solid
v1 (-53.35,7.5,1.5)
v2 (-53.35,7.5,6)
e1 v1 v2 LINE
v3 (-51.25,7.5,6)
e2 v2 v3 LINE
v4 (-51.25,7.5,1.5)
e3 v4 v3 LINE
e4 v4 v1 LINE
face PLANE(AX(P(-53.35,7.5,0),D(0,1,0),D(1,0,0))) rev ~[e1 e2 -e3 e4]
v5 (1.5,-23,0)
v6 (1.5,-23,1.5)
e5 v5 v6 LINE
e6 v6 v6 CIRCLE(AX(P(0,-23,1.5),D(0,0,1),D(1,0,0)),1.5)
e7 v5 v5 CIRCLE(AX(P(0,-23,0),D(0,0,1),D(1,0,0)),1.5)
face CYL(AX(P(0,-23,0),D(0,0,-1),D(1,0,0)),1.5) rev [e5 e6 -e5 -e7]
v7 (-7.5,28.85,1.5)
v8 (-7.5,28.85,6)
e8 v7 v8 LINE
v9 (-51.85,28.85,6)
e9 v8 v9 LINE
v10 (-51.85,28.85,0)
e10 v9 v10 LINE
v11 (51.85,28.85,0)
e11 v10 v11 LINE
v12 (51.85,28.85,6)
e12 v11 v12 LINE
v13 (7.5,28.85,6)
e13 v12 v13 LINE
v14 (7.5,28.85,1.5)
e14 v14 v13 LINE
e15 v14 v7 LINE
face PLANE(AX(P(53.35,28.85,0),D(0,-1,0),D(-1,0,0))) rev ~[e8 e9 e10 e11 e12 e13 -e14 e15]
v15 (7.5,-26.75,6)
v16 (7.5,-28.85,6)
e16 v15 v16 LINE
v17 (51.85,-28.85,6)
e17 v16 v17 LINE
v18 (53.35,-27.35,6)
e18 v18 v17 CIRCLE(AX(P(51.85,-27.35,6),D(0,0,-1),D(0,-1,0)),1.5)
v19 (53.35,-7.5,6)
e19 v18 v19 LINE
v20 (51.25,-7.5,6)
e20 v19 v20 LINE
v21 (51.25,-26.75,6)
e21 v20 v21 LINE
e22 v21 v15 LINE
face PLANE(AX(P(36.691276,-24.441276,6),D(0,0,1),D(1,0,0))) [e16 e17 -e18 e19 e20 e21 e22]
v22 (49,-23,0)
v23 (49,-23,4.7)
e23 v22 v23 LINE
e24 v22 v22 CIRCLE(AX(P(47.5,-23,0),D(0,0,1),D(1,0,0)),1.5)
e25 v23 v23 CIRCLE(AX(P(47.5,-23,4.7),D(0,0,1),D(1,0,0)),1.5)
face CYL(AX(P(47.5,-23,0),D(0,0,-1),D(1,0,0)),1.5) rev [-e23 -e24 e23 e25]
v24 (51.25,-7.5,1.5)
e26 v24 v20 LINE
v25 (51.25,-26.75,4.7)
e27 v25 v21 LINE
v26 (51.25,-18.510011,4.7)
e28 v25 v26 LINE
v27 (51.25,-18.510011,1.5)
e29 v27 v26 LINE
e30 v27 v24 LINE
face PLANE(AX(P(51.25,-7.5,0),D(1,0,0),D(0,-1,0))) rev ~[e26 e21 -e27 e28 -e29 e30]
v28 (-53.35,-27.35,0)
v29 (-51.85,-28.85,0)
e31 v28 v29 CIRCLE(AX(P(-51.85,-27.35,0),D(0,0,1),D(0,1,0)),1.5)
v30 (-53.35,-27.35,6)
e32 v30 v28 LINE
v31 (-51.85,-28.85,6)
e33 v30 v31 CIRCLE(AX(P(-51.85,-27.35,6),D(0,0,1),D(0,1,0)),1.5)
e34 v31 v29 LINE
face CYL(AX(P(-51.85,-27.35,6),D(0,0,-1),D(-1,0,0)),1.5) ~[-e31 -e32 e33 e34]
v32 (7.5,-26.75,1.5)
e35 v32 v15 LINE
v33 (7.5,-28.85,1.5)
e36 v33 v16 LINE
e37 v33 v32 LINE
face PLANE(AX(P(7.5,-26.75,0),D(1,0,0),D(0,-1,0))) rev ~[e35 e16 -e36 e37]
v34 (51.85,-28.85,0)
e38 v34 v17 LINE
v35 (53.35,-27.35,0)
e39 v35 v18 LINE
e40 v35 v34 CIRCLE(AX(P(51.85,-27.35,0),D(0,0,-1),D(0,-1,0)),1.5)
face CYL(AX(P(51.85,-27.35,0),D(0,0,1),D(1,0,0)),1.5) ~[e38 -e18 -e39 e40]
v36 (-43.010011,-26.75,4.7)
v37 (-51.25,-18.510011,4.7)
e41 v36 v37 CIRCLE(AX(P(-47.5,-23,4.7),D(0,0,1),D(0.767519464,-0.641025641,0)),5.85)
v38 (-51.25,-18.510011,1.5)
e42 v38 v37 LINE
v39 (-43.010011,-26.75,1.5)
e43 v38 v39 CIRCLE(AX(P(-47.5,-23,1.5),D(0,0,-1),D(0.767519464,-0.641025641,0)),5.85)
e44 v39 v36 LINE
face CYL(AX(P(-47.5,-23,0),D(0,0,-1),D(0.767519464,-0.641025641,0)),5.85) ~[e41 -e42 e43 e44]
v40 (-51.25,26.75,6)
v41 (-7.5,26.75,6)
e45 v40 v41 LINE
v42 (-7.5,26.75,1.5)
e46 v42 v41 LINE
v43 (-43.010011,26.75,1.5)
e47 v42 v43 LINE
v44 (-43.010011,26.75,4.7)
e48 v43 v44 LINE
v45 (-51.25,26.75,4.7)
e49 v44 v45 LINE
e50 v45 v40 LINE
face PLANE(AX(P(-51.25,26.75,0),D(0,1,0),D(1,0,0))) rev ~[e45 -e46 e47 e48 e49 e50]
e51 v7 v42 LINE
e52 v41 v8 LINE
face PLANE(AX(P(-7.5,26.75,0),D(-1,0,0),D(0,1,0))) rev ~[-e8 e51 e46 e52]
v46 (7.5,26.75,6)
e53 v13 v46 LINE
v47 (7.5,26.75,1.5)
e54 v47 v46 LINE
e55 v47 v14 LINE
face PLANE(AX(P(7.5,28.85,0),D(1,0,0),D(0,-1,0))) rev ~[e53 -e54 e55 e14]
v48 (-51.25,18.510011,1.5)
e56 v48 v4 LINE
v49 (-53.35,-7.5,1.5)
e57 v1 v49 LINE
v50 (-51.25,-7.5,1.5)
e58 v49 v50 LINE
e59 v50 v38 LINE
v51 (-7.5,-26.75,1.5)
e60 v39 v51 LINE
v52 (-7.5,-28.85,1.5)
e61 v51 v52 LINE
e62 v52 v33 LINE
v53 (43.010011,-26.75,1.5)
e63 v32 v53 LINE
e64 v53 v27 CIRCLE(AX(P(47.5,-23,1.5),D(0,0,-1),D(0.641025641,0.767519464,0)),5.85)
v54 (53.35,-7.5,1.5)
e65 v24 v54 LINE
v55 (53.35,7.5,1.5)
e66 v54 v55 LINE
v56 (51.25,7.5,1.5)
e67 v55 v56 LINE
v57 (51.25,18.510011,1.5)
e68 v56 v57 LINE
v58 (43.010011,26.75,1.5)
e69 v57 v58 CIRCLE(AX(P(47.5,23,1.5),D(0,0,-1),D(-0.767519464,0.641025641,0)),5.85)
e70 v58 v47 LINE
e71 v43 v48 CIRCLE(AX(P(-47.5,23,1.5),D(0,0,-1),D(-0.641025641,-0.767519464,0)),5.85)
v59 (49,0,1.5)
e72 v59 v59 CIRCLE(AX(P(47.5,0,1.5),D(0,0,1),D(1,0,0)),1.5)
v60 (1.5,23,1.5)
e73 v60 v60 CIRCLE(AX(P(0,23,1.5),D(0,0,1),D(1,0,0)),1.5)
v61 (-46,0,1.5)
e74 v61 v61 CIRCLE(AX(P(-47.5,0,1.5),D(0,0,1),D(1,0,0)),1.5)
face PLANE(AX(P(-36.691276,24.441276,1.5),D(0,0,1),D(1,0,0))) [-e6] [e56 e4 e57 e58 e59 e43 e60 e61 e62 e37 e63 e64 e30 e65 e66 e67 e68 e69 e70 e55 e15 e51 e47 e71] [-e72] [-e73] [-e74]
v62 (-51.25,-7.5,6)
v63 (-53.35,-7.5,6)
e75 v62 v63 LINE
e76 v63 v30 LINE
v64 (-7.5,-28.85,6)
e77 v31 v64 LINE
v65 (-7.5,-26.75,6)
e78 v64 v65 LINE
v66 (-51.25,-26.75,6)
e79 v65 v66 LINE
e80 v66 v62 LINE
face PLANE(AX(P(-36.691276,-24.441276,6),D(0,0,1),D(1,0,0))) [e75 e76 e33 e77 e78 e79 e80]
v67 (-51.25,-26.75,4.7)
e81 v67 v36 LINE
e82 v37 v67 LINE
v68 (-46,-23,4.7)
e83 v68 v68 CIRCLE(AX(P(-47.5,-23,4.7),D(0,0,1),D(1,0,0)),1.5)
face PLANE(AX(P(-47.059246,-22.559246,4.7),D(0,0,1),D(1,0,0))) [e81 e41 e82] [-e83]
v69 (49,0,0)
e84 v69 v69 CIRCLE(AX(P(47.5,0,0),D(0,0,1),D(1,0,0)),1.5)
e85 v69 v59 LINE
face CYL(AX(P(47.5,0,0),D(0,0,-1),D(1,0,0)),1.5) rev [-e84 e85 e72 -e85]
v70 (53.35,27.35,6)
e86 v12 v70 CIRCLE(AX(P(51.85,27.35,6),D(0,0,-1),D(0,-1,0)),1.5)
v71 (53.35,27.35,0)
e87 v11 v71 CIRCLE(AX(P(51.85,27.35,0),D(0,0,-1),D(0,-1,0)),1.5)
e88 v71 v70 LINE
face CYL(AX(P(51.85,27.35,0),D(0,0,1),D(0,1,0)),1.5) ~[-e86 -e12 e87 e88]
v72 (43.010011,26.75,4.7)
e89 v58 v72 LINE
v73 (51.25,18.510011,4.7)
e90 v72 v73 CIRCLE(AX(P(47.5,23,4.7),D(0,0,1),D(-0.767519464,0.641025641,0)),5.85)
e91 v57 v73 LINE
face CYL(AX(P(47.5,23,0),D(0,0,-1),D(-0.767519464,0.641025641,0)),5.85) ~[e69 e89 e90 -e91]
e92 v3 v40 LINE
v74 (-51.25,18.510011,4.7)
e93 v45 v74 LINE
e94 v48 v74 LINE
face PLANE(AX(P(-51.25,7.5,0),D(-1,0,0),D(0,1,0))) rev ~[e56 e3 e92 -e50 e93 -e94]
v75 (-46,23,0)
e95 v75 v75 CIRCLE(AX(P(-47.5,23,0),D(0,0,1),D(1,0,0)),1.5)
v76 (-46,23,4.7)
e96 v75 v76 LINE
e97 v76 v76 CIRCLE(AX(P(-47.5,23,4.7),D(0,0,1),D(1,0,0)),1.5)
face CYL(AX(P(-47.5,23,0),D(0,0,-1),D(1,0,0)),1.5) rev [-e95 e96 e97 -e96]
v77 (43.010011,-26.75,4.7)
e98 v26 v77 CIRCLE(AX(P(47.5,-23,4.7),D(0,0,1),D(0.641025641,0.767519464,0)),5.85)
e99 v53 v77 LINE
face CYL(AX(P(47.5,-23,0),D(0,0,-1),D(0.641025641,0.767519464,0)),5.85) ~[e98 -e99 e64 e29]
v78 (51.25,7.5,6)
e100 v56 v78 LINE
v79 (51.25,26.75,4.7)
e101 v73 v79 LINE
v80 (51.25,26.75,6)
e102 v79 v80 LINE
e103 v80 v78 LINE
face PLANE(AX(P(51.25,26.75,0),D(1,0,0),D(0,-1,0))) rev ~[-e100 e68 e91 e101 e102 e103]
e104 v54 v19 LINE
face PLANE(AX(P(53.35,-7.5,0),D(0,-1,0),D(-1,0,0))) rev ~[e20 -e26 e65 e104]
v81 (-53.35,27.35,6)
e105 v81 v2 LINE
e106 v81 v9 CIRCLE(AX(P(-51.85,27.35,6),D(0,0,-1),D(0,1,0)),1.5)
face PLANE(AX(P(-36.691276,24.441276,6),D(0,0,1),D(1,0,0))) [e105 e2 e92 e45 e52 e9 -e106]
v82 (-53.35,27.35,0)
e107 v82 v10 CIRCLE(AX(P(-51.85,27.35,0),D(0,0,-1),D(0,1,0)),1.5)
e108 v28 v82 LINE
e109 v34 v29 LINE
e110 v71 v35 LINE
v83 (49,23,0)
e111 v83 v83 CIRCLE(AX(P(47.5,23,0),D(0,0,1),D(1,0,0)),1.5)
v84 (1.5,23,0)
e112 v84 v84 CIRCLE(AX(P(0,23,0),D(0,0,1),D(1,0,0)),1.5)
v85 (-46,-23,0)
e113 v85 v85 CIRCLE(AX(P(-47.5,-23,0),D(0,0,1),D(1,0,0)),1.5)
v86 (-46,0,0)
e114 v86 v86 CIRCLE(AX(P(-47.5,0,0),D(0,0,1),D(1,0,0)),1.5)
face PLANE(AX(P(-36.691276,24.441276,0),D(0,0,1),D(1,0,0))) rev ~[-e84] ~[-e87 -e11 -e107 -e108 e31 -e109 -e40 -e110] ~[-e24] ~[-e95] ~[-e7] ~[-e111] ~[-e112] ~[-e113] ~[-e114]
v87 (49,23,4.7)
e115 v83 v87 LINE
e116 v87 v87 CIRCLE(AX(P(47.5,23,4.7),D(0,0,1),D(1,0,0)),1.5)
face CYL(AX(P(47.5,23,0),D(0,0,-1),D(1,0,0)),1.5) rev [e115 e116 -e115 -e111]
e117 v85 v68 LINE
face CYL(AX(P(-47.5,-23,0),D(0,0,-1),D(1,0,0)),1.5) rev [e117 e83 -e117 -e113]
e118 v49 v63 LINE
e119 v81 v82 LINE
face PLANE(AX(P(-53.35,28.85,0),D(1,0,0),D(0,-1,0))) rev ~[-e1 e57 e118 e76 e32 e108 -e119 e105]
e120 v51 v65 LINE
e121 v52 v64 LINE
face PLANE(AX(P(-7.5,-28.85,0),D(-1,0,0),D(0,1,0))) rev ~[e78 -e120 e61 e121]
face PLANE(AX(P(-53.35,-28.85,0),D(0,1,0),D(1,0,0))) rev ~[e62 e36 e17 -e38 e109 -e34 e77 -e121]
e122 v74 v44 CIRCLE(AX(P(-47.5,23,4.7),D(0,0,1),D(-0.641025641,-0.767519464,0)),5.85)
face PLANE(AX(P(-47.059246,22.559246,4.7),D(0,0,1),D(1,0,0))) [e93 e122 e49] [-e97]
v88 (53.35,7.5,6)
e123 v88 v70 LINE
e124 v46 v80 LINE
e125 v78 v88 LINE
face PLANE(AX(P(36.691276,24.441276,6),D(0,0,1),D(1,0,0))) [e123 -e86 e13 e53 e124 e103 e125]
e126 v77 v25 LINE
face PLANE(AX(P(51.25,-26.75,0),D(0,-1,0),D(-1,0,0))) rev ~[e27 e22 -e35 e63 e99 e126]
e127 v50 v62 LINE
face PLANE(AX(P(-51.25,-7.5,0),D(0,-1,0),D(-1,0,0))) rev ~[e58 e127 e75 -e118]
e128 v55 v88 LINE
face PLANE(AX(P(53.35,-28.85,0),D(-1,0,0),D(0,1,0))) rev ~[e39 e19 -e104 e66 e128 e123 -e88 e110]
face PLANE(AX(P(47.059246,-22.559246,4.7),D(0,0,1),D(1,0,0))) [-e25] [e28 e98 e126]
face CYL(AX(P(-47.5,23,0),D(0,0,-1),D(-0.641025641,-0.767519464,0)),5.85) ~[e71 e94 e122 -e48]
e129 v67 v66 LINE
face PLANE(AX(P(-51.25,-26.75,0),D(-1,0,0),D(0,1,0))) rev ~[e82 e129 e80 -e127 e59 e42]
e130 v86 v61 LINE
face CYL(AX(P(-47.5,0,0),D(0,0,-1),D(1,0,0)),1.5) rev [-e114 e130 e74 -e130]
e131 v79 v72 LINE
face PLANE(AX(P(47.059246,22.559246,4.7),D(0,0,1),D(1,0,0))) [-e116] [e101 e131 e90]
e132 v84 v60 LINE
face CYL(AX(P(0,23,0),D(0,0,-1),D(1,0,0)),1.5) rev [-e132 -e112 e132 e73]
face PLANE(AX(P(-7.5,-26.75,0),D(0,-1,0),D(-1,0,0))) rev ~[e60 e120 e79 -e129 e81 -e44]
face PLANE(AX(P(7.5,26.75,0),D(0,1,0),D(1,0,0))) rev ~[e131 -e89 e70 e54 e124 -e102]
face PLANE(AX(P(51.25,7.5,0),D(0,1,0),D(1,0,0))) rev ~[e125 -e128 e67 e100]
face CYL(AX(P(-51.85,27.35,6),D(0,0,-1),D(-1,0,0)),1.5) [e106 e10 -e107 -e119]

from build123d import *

# Parameters (mm, degrees)
F2_W     = 2.1
F2_H     = 15
F2_W_2   = 15
F2_H_2   = 2.1
F2_R     = 1.5
F2_W_3   = 43.75
F2_H_3   = 19.25
F3_DEPTH = 1.5
F4_DEPTH = 4.7
F5_DEPTH = 6
F6_R     = 1.5


with BuildPart() as f3:
    # F2 (on Top) → F3 (new body)
    with BuildSketch(Plane.XY):
        Polygon((-51.25, 18.5100111359), (-51.25, 26.75), (-43.0100111359, 26.75), (-7.5, 26.75), (-7.5, 28.85), (-53.35, 28.85), (-53.35, 7.5), (-51.25, 7.5), align=None)
        with Locations((-52.3, 0)):
            Rectangle(F2_W, F2_H)
        with Locations((52.3, 0)):
            Rectangle(F2_W, F2_H)
        Polygon((7.5, 28.85), (7.5, 26.75), (43.0100111359, 26.75), (51.25, 26.75), (51.25, 18.5100111359), (51.25, 7.5), (53.35, 7.5), (53.35, 28.85), align=None)
        Polygon((-51.25, -18.5100111359), (-51.25, -7.5), (-53.35, -7.5), (-53.35, -28.85), (-7.5, -28.85), (-7.5, -26.75), (-43.0100111359, -26.75), (-51.25, -26.75), align=None)
        with Locations((0, -27.8)):
            Rectangle(F2_W_2, F2_H_2)
        with Locations((0, 27.8)):
            Rectangle(F2_W_2, F2_H_2)
        Polygon((53.35, -7.5), (51.25, -7.5), (51.25, -18.5100111359), (51.25, -26.75), (43.0100111359, -26.75), (7.5, -26.75), (7.5, -28.85), (53.35, -28.85), align=None)
        with BuildLine():
            Line((-7.5, -7.5), (-51.25, -7.5))
            Line((-51.25, -7.5), (-51.25, -18.5100111359))
            ThreePointArc((-51.25, -18.5100111359), (-43.3634253301, -18.8634253301), (-43.0100111359, -26.75))
            Line((-43.0100111359, -26.75), (-7.5, -26.75))
            Line((-7.5, -26.75), (-7.5, -7.5))
        make_face()
        with BuildLine():
            Line((-43.0100111359, 26.75), (-51.25, 26.75))
            Line((-51.25, 26.75), (-51.25, 18.5100111359))
            ThreePointArc((-51.25, 18.5100111359), (-43.3634253301, 18.8634253301), (-43.0100111359, 26.75))
        make_face()
        with Locations((-47.5, 23)):
            Circle(F2_R, mode=Mode.SUBTRACT)
        with BuildLine():
            Line((51.25, 26.75), (43.0100111359, 26.75))
            ThreePointArc((43.0100111359, 26.75), (43.3634253301, 18.8634253301), (51.25, 18.5100111359))
            Line((51.25, 18.5100111359), (51.25, 26.75))
        make_face()
        with Locations((47.5, 23)):
            Circle(F2_R, mode=Mode.SUBTRACT)
        with BuildLine():
            Line((51.25, -26.75), (51.25, -18.5100111359))
            ThreePointArc((51.25, -18.5100111359), (43.3634253301, -18.8634253301), (43.0100111359, -26.75))
            Line((43.0100111359, -26.75), (51.25, -26.75))
        make_face()
        with Locations((47.5, -23)):
            Circle(F2_R, mode=Mode.SUBTRACT)
        with BuildLine():
            ThreePointArc((-43.0100111359, -26.75), (-43.3634253301, -18.8634253301), (-51.25, -18.5100111359))
            Line((-51.25, -18.5100111359), (-51.25, -26.75))
            Line((-51.25, -26.75), (-43.0100111359, -26.75))
        make_face()
        with Locations((-47.5, -23)):
            Circle(F2_R, mode=Mode.SUBTRACT)
        with Locations((-29.375, 0)):
            Rectangle(F2_W_3, F2_H)
        with Locations((-47.5, 0)):
            Circle(F2_R, mode=Mode.SUBTRACT)
        with BuildLine():
            Line((-7.5, 26.75), (-43.0100111359, 26.75))
            ThreePointArc((-43.0100111359, 26.75), (-43.3634253301, 18.8634253301), (-51.25, 18.5100111359))
            Line((-51.25, 18.5100111359), (-51.25, 7.5))
            Line((-51.25, 7.5), (-7.5, 7.5))
            Line((-7.5, 7.5), (-7.5, 26.75))
        make_face()
        with Locations((0, 17.125)):
            Rectangle(F2_W_2, F2_H_3)
        with Locations((0, 23)):
            Circle(F2_R, mode=Mode.SUBTRACT)
        with BuildLine():
            Line((43.0100111359, 26.75), (7.5, 26.75))
            Line((7.5, 26.75), (7.5, 7.5))
            Line((7.5, 7.5), (51.25, 7.5))
            Line((51.25, 7.5), (51.25, 18.5100111359))
            ThreePointArc((51.25, 18.5100111359), (43.3634253301, 18.8634253301), (43.0100111359, 26.75))
        make_face()
        with Locations((29.375, 0)):
            Rectangle(F2_W_3, F2_H)
        with Locations((47.5, 0)):
            Circle(F2_R, mode=Mode.SUBTRACT)
        with BuildLine():
            Line((51.25, -7.5), (7.5, -7.5))
            Line((7.5, -7.5), (7.5, -26.75))
            Line((7.5, -26.75), (43.0100111359, -26.75))
            ThreePointArc((43.0100111359, -26.75), (43.3634253301, -18.8634253301), (51.25, -18.5100111359))
            Line((51.25, -18.5100111359), (51.25, -7.5))
        make_face()
        with Locations((0, -17.125)):
            Rectangle(F2_W_2, F2_H_3)
        with Locations((0, -23)):
            Circle(F2_R, mode=Mode.SUBTRACT)
        Rectangle(F2_W_2, F2_H)
    extrude(amount=F3_DEPTH)

    # F2 (on Top) → F4 (join)
    with BuildSketch(Plane.XY):
        with BuildLine():
            ThreePointArc((-43.0100111359, -26.75), (-43.3634253301, -18.8634253301), (-51.25, -18.5100111359))
            Line((-51.25, -18.5100111359), (-51.25, -26.75))
            Line((-51.25, -26.75), (-43.0100111359, -26.75))
        make_face()
        with Locations((-47.5, -23)):
            Circle(F2_R, mode=Mode.SUBTRACT)
        with BuildLine():
            Line((51.25, -26.75), (51.25, -18.5100111359))
            ThreePointArc((51.25, -18.5100111359), (43.3634253301, -18.8634253301), (43.0100111359, -26.75))
            Line((43.0100111359, -26.75), (51.25, -26.75))
        make_face()
        with Locations((47.5, -23)):
            Circle(F2_R, mode=Mode.SUBTRACT)
        with BuildLine():
            Line((51.25, 26.75), (43.0100111359, 26.75))
            ThreePointArc((43.0100111359, 26.75), (43.3634253301, 18.8634253301), (51.25, 18.5100111359))
            Line((51.25, 18.5100111359), (51.25, 26.75))
        make_face()
        with Locations((47.5, 23)):
            Circle(F2_R, mode=Mode.SUBTRACT)
        with BuildLine():
            Line((-43.0100111359, 26.75), (-51.25, 26.75))
            Line((-51.25, 26.75), (-51.25, 18.5100111359))
            ThreePointArc((-51.25, 18.5100111359), (-43.3634253301, 18.8634253301), (-43.0100111359, 26.75))
        make_face()
        with Locations((-47.5, 23)):
            Circle(F2_R, mode=Mode.SUBTRACT)
    extrude(amount=F4_DEPTH)

    # F2 (on Top) → F5 (join)
    with BuildSketch(Plane.XY):
        Polygon((-51.25, -18.5100111359), (-51.25, -7.5), (-53.35, -7.5), (-53.35, -28.85), (-7.5, -28.85), (-7.5, -26.75), (-43.0100111359, -26.75), (-51.25, -26.75), align=None)
        Polygon((53.35, -7.5), (51.25, -7.5), (51.25, -18.5100111359), (51.25, -26.75), (43.0100111359, -26.75), (7.5, -26.75), (7.5, -28.85), (53.35, -28.85), align=None)
        Polygon((-51.25, 18.5100111359), (-51.25, 26.75), (-43.0100111359, 26.75), (-7.5, 26.75), (-7.5, 28.85), (-53.35, 28.85), (-53.35, 7.5), (-51.25, 7.5), align=None)
        Polygon((7.5, 28.85), (7.5, 26.75), (43.0100111359, 26.75), (51.25, 26.75), (51.25, 18.5100111359), (51.25, 7.5), (53.35, 7.5), (53.35, 28.85), align=None)
    extrude(amount=F5_DEPTH)

    # F6
    f6_edges = [f3.edges().sort_by_distance(p)[0] for p in [
        (53.35, -28.85, 3),
        (53.35, 28.85, 3),
        (-53.35, 28.85, 3),
        (-53.35, -28.85, 3),
    ]]
    fillet(f6_edges, radius=F6_R)


solid = f3.part
